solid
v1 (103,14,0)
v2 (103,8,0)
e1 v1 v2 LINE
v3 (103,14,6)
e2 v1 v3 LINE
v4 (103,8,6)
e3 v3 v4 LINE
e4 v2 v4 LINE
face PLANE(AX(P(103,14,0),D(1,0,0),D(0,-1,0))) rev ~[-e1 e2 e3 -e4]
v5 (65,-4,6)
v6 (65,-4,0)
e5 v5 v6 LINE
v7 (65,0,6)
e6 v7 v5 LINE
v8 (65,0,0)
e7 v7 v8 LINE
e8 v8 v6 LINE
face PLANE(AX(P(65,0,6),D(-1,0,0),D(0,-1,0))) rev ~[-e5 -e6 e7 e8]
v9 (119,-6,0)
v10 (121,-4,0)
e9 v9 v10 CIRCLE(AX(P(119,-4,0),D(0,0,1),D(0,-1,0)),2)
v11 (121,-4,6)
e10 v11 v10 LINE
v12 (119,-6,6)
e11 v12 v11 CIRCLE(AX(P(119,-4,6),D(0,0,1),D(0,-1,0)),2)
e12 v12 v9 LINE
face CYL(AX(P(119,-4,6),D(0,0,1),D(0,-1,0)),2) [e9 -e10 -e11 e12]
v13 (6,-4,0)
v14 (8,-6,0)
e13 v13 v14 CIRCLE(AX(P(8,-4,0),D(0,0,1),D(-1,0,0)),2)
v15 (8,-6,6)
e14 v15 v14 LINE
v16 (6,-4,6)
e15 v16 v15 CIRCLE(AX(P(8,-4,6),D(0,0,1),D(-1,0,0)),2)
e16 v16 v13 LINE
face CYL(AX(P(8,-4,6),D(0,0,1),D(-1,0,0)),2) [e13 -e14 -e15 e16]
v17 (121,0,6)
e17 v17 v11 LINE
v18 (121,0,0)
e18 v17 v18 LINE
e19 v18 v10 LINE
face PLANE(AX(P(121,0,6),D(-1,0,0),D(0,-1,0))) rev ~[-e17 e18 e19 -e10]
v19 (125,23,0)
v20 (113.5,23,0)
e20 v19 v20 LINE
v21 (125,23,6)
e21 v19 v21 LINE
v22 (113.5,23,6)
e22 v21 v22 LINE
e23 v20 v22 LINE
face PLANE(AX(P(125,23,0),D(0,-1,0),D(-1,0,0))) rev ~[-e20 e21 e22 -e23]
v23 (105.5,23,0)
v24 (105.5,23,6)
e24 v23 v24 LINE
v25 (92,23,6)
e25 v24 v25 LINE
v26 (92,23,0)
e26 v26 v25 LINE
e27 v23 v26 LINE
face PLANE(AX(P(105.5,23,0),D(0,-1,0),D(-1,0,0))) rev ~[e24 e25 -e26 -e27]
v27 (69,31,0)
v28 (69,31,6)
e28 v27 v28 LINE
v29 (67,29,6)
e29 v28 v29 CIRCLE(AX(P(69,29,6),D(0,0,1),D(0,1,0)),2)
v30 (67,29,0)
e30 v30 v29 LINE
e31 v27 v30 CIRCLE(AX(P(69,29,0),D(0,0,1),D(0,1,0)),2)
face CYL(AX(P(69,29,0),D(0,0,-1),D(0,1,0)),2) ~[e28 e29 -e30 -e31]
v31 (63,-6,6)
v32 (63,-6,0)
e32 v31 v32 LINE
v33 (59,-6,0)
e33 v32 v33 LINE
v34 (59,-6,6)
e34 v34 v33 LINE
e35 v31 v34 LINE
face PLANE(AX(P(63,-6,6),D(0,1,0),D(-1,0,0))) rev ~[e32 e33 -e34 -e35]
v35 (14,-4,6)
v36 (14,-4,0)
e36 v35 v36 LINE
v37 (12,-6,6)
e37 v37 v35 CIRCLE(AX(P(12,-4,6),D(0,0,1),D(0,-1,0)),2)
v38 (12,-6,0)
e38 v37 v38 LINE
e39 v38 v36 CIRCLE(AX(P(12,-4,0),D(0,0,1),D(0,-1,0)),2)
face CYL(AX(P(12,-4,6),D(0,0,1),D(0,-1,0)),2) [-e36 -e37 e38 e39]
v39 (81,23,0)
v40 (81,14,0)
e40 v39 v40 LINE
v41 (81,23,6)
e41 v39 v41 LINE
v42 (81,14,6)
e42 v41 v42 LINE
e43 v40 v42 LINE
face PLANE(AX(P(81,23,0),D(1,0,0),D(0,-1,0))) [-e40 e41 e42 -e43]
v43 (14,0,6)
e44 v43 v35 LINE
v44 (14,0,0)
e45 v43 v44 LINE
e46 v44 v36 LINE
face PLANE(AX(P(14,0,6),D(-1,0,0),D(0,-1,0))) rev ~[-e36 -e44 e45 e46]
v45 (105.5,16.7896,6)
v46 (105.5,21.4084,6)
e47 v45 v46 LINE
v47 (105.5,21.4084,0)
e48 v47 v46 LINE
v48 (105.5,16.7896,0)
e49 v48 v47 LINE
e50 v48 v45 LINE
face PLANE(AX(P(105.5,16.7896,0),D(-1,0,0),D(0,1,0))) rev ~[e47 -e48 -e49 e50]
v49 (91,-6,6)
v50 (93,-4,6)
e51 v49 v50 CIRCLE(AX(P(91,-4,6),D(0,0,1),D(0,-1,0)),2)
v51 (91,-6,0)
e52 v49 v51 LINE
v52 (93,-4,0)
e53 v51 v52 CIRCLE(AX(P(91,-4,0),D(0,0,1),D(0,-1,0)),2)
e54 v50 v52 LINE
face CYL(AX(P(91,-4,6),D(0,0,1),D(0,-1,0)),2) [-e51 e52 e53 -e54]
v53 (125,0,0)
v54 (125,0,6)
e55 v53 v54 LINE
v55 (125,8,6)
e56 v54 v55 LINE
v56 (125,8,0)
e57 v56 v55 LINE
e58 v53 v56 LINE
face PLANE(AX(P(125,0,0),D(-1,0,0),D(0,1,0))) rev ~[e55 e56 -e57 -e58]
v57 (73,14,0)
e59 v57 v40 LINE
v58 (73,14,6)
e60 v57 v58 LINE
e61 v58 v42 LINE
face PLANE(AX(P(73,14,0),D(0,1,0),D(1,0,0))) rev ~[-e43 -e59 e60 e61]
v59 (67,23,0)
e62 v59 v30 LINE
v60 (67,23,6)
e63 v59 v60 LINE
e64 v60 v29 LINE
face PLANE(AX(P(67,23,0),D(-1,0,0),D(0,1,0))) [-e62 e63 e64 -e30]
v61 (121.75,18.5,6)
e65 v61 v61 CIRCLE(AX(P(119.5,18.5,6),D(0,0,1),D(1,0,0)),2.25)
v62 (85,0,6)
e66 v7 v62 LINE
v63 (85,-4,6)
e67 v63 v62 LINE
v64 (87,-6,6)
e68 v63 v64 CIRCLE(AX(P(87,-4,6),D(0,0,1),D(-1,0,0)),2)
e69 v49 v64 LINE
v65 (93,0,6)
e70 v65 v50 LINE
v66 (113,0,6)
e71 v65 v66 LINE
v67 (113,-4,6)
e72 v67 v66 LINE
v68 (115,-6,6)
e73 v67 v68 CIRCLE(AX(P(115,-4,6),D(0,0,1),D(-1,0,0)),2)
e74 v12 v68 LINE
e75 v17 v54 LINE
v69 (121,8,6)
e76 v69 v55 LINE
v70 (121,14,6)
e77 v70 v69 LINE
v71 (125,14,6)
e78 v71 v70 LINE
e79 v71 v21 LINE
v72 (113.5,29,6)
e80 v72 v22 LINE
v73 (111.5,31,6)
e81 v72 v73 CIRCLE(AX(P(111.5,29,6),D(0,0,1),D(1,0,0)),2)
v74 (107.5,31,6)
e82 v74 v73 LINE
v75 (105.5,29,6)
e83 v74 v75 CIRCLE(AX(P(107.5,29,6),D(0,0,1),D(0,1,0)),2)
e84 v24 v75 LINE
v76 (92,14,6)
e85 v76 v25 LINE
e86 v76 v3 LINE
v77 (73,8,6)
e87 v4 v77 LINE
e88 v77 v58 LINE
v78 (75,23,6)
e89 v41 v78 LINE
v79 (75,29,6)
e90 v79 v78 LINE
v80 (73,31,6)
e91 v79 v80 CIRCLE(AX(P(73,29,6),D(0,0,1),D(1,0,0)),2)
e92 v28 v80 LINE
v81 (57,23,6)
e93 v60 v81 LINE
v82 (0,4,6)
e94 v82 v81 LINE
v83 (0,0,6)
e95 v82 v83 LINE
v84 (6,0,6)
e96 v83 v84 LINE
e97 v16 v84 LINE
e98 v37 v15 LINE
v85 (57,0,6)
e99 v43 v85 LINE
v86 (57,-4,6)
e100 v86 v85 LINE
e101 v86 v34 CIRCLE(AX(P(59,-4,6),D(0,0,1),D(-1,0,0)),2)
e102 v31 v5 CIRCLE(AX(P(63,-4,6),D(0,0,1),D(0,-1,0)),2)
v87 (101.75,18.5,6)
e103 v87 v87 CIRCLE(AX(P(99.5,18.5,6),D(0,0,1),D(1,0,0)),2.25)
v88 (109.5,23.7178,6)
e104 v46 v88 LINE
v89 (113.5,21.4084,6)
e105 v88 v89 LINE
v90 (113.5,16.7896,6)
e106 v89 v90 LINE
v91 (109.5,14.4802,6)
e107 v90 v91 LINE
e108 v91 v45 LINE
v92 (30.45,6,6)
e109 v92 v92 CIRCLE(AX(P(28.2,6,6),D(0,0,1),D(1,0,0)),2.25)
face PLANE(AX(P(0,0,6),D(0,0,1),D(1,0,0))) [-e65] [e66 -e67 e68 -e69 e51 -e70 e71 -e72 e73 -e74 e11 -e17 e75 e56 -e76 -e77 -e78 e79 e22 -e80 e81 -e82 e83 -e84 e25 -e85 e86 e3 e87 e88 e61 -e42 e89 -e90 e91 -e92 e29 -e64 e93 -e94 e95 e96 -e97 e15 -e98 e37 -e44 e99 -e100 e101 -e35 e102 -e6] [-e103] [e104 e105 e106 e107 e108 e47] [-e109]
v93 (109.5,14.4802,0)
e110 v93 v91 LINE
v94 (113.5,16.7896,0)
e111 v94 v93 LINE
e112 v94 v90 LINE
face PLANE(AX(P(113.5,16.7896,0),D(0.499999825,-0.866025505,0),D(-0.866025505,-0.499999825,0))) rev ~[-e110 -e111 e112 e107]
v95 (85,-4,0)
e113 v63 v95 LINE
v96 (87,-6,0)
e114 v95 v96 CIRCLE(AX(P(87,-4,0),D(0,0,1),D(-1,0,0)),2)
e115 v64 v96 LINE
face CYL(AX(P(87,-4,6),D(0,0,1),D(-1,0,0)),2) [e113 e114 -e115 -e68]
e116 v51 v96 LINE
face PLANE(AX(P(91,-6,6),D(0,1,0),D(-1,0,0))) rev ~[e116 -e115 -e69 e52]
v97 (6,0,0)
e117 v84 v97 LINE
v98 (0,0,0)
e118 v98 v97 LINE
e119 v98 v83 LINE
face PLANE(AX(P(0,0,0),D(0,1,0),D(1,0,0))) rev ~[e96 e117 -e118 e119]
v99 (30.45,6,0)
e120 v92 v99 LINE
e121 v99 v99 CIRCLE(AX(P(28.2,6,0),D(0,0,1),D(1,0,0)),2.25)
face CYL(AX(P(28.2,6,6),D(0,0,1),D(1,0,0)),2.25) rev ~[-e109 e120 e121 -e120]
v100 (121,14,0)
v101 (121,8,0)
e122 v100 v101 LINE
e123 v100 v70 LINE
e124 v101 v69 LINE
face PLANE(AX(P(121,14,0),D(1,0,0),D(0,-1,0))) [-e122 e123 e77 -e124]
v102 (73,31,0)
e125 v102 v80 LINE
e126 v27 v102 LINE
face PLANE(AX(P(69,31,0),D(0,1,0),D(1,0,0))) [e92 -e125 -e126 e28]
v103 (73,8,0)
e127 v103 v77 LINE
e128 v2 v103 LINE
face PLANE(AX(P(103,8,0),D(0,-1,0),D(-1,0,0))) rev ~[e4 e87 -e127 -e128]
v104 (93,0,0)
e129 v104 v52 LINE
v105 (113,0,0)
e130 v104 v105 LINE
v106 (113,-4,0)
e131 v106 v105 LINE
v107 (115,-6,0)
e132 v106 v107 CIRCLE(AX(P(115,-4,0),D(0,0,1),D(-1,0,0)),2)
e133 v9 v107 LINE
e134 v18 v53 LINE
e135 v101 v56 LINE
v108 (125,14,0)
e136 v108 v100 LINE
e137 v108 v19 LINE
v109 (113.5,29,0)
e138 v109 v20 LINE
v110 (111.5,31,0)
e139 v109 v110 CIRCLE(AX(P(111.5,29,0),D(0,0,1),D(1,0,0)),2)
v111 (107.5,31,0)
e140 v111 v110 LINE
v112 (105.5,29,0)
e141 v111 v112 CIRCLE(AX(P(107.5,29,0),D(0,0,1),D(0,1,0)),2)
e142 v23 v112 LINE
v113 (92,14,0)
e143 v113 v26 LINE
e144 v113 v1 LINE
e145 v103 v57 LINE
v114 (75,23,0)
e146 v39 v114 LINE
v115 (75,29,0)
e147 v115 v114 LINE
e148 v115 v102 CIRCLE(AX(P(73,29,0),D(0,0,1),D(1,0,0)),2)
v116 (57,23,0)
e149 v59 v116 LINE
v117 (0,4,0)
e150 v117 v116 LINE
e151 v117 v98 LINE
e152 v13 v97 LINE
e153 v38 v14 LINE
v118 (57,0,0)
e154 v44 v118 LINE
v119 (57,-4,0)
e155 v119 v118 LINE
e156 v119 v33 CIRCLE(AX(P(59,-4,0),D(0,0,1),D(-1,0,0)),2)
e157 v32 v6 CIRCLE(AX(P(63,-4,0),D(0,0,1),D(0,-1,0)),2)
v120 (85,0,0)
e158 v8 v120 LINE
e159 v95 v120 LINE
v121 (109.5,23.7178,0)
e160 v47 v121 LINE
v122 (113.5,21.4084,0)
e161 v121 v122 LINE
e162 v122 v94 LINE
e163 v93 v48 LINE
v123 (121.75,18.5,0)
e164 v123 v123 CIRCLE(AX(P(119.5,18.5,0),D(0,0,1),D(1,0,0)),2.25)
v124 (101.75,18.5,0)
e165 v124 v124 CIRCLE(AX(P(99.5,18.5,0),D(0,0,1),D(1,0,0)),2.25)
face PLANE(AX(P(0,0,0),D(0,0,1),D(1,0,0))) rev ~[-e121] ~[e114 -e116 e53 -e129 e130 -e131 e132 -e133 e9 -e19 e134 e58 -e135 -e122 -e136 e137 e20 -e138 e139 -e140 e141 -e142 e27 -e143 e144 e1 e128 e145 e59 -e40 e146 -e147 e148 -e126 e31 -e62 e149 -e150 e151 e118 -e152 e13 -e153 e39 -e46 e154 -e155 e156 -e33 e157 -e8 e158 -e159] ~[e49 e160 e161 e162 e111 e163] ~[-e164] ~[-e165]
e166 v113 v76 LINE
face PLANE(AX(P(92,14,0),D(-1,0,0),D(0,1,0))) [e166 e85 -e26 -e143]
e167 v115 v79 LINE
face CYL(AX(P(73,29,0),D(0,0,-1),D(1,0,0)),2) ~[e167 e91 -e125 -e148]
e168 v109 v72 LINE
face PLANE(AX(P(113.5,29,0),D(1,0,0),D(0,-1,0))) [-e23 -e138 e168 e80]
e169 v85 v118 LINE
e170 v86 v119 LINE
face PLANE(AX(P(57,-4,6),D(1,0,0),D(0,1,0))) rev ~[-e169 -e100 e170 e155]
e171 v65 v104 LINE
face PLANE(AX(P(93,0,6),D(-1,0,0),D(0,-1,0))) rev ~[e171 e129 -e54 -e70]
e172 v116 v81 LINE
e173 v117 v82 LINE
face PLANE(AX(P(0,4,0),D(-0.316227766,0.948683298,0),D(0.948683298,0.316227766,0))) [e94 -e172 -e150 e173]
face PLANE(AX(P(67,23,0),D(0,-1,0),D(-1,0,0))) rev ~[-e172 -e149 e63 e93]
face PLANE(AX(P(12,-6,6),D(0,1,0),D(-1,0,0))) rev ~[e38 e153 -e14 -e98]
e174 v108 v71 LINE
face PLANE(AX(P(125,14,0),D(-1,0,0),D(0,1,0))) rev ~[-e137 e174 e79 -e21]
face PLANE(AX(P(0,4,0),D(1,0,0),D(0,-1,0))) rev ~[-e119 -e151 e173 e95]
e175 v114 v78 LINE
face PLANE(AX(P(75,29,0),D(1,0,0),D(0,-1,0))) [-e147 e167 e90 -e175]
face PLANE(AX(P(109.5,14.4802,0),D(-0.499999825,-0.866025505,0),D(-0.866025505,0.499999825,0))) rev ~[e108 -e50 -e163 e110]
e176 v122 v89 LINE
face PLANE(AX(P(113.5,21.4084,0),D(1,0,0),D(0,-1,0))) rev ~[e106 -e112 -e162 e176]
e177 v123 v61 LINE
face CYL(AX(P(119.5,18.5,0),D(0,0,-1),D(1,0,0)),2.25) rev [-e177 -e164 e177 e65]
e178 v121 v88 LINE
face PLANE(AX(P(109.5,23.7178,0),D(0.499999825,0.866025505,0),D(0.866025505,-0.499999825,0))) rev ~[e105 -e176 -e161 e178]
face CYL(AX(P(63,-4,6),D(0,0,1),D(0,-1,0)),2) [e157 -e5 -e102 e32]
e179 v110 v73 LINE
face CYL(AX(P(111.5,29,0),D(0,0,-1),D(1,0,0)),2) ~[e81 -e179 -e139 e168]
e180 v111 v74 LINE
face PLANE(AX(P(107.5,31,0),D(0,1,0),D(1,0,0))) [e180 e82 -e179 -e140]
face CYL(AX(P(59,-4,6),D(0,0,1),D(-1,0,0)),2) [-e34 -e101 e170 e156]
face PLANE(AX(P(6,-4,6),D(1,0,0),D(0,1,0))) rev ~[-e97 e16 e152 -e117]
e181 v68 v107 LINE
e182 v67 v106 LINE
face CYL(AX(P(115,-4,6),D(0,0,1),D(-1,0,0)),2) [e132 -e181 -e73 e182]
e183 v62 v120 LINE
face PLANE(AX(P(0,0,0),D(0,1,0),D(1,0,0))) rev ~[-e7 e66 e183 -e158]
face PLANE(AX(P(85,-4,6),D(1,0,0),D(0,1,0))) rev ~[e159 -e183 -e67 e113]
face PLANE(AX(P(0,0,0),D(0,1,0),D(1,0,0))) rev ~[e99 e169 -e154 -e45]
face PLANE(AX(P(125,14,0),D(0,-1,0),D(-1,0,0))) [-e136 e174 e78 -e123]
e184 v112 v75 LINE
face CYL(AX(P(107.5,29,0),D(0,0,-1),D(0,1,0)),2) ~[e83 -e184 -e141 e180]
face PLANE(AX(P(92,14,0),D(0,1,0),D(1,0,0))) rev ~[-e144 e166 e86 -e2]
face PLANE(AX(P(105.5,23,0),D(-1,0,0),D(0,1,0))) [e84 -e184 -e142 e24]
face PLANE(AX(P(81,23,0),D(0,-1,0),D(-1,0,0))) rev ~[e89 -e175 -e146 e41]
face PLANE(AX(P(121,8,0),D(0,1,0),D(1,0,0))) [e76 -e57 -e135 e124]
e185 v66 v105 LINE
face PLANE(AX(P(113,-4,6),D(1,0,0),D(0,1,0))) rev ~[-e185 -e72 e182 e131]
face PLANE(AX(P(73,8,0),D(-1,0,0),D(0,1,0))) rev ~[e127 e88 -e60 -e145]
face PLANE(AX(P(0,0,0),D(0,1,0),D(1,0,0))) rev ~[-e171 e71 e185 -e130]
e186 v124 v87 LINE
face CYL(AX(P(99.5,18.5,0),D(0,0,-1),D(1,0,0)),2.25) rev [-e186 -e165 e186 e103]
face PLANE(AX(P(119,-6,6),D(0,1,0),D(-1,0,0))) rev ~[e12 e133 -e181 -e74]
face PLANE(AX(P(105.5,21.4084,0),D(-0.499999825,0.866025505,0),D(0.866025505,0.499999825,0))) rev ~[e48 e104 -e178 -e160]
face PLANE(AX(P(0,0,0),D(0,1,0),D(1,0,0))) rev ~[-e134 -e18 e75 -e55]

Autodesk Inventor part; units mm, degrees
ref_plane "YZ Plane" through (0, 0, 0) normal (1, 0, 0) x (0, 1, 0)
ref_plane "XZ Plane" through (0, 0, 0) normal (0, 1, 0) x (-1, 0, 0)
ref_plane "XY Plane" through (0, 0, 0) normal (0, 0, 1) x (1, 0, 0)
sketch "Sketch1" plane through (0, 0, 0) normal (0, 0, 1) x (1, 0, 0)
  line L0 (0, 4) -> (0, 0)
  line L1 (0, 0) -> (125, 0)
  line L2 (0, 4) -> (57, 23)
  line L3 (103, 14) -> (103, 8)
  line L4 (103, 8) -> (73, 8)
  line L5 (73, 8) -> (73, 14)
  line L6 (125, 14) -> (121, 14)
  line L7 (121, 14) -> (121, 8)
  line L8 (121, 8) -> (125, 8)
  line L9 (125, 0) -> (125, 8)
  line L10 (125, 14) -> (125, 23)
  line L11 (81, 23) -> (81, 14)
  line L12 (92, 14) -> (92, 23)
  line L13 (73, 14) -> (81, 14)
  line L14 (92, 14) -> (103, 14)
  line L15 (81, 14) -> (92, 14) construction
  circle A0 centre (86.5, 19.099) radius 7.5 construction
  circle A1 centre (86.5, 19.099) radius 4 construction
  line L16 (113.5, 21.4084) -> (113.5, 16.7896)
  line L17 (113.5, 16.7896) -> (109.5, 14.4802)
  line L18 (109.5, 14.4802) -> (105.5, 16.7896)
  line L19 (105.5, 16.7896) -> (105.5, 21.4084)
  line L20 (105.5, 21.4084) -> (109.5, 23.7178)
  line L21 (109.5, 23.7178) -> (113.5, 21.4084)
  circle A2 centre (109.5, 19.099) radius 2.5 construction
  line L22 (105.5, 23) -> (105.5, 29)
  line L23 (107.5, 31) -> (111.5, 31)
  line L24 (113.5, 29) -> (113.5, 23)
  arc A3 (107.5, 31) -> (105.5, 29) centre (107.5, 29) ccw
  arc A4 (113.5, 29) -> (111.5, 31) centre (111.5, 29) ccw
  line L25 (125, 23) -> (113.5, 23)
  line L26 (105.5, 23) -> (92, 23)
  circle A5 centre (99.5, 18.5) radius 4.5 construction
  circle A6 centre (119.5, 18.5) radius 4.5 construction
  circle A7 centre (99.5, 18.5) radius 2.25
  circle A8 centre (119.5, 18.5) radius 2.25
  line L27 (67, 23) -> (67, 29)
  line L28 (69, 31) -> (73, 31)
  line L29 (75, 29) -> (75, 23)
  arc A9 (69, 31) -> (67, 29) centre (69, 29) ccw
  arc A10 (75, 29) -> (73, 31) centre (73, 29) ccw
  line L30 (81, 23) -> (75, 23)
  line L31 (67, 23) -> (57, 23)
  point P0 (81, 14)
  point P1 (92, 14)
  point P2 (86.5, 14)
  point P3 (125, 18.5)
  point P4 (109.5, 31)
  dimension "d0" = 8
  dimension "d2" = 6
  dimension "d3" = 4
  dimension "d4" = 15
  dimension "d5" = 8
  dimension "d6" = 9
  dimension "d7" = 11
  dimension "d8" = 11
  dimension "d9" = 8
  dimension "d10" = 5
  dimension "d11" = 2
  dimension "d12" = 8
  dimension "d13" = 9
  dimension "d14" = 9
  dimension "d15" = 10
  dimension "d16" = 10
  dimension "d17" = 4.5
  dimension "d18" = 4.5
  dimension "d19" = 13
  dimension "d20" = 5.5
  dimension "d21" = 18
  dimension "d22" = 2
  dimension "d23" = 8
  dimension "d24" = 6
  dimension "d25" = 10
  dimension "d27" = 30
  dimension "d28" = 4
  dimension "d30" = 8
  dimension "d31" = 125
extrude "Extrusion1" add sketch "Sketch1" along normal blind 6
sketch "Sketch2" plane through (0, 0, 6) normal (0, 0, 1) x (1, 0, 0)
  line L0 (0, 4) -> (0, 0) projected
  line L1 (0, 0) -> (125, 0) projected
  line L2 (6, 0) -> (14, 0)
  line L3 (14, 0) -> (14, -4)
  line L4 (12, -6) -> (8, -6)
  line L5 (6, -4) -> (6, 0)
  line L6 (57, 0) -> (65, 0)
  line L7 (65, 0) -> (65, -4)
  line L8 (63, -6) -> (59, -6)
  line L9 (57, -4) -> (57, 0)
  line L10 (85, 0) -> (93, 0)
  line L11 (93, 0) -> (93, -4)
  line L12 (91, -6) -> (87, -6)
  line L13 (85, -4) -> (85, 0)
  line L14 (113, 0) -> (121, 0)
  line L15 (121, 0) -> (121, -4)
  line L16 (119, -6) -> (115, -6)
  line L17 (113, -4) -> (113, 0)
  arc A0 (6, -4) -> (8, -6) centre (8, -4) ccw
  arc A1 (12, -6) -> (14, -4) centre (12, -4) ccw
  arc A2 (57, -4) -> (59, -6) centre (59, -4) ccw
  arc A3 (63, -6) -> (65, -4) centre (63, -4) ccw
  arc A4 (85, -4) -> (87, -6) centre (87, -4) ccw
  arc A5 (91, -6) -> (93, -4) centre (91, -4) ccw
  arc A6 (113, -4) -> (115, -6) centre (115, -4) ccw
  arc A7 (119, -6) -> (121, -4) centre (119, -4) ccw
  dimension "d34" = 2
  dimension "d35" = 8
  dimension "d36" = 8
  dimension "d37" = 8
  dimension "d38" = 8
  dimension "d39" = 6
  dimension "d40" = 6
  dimension "d41" = 43
  dimension "d42" = 20
  dimension "d43" = 20
extrude "Extrusion2" add sketch "Sketch2" against normal blind 6
sketch "Sketch3" plane through (0, 0, 6) normal (0, 0, 1) x (1, 0, 0)
  line L0 (0, 4) -> (0, 0) projected
  line L1 (14, 0) -> (57, 0) projected
  circle A0 centre (28.2, 6) radius 2.25
  circle A1 centre (28.2, 6) radius 4.5 construction
  dimension "d46" = 4.5
  dimension "d47" = 6
  dimension "d48" = 28.2
  dimension "d51" = 9
extrude "Extrusion3" cut sketch "Sketch3" against normal through all
properties part number "x_motor_wall_upper"
